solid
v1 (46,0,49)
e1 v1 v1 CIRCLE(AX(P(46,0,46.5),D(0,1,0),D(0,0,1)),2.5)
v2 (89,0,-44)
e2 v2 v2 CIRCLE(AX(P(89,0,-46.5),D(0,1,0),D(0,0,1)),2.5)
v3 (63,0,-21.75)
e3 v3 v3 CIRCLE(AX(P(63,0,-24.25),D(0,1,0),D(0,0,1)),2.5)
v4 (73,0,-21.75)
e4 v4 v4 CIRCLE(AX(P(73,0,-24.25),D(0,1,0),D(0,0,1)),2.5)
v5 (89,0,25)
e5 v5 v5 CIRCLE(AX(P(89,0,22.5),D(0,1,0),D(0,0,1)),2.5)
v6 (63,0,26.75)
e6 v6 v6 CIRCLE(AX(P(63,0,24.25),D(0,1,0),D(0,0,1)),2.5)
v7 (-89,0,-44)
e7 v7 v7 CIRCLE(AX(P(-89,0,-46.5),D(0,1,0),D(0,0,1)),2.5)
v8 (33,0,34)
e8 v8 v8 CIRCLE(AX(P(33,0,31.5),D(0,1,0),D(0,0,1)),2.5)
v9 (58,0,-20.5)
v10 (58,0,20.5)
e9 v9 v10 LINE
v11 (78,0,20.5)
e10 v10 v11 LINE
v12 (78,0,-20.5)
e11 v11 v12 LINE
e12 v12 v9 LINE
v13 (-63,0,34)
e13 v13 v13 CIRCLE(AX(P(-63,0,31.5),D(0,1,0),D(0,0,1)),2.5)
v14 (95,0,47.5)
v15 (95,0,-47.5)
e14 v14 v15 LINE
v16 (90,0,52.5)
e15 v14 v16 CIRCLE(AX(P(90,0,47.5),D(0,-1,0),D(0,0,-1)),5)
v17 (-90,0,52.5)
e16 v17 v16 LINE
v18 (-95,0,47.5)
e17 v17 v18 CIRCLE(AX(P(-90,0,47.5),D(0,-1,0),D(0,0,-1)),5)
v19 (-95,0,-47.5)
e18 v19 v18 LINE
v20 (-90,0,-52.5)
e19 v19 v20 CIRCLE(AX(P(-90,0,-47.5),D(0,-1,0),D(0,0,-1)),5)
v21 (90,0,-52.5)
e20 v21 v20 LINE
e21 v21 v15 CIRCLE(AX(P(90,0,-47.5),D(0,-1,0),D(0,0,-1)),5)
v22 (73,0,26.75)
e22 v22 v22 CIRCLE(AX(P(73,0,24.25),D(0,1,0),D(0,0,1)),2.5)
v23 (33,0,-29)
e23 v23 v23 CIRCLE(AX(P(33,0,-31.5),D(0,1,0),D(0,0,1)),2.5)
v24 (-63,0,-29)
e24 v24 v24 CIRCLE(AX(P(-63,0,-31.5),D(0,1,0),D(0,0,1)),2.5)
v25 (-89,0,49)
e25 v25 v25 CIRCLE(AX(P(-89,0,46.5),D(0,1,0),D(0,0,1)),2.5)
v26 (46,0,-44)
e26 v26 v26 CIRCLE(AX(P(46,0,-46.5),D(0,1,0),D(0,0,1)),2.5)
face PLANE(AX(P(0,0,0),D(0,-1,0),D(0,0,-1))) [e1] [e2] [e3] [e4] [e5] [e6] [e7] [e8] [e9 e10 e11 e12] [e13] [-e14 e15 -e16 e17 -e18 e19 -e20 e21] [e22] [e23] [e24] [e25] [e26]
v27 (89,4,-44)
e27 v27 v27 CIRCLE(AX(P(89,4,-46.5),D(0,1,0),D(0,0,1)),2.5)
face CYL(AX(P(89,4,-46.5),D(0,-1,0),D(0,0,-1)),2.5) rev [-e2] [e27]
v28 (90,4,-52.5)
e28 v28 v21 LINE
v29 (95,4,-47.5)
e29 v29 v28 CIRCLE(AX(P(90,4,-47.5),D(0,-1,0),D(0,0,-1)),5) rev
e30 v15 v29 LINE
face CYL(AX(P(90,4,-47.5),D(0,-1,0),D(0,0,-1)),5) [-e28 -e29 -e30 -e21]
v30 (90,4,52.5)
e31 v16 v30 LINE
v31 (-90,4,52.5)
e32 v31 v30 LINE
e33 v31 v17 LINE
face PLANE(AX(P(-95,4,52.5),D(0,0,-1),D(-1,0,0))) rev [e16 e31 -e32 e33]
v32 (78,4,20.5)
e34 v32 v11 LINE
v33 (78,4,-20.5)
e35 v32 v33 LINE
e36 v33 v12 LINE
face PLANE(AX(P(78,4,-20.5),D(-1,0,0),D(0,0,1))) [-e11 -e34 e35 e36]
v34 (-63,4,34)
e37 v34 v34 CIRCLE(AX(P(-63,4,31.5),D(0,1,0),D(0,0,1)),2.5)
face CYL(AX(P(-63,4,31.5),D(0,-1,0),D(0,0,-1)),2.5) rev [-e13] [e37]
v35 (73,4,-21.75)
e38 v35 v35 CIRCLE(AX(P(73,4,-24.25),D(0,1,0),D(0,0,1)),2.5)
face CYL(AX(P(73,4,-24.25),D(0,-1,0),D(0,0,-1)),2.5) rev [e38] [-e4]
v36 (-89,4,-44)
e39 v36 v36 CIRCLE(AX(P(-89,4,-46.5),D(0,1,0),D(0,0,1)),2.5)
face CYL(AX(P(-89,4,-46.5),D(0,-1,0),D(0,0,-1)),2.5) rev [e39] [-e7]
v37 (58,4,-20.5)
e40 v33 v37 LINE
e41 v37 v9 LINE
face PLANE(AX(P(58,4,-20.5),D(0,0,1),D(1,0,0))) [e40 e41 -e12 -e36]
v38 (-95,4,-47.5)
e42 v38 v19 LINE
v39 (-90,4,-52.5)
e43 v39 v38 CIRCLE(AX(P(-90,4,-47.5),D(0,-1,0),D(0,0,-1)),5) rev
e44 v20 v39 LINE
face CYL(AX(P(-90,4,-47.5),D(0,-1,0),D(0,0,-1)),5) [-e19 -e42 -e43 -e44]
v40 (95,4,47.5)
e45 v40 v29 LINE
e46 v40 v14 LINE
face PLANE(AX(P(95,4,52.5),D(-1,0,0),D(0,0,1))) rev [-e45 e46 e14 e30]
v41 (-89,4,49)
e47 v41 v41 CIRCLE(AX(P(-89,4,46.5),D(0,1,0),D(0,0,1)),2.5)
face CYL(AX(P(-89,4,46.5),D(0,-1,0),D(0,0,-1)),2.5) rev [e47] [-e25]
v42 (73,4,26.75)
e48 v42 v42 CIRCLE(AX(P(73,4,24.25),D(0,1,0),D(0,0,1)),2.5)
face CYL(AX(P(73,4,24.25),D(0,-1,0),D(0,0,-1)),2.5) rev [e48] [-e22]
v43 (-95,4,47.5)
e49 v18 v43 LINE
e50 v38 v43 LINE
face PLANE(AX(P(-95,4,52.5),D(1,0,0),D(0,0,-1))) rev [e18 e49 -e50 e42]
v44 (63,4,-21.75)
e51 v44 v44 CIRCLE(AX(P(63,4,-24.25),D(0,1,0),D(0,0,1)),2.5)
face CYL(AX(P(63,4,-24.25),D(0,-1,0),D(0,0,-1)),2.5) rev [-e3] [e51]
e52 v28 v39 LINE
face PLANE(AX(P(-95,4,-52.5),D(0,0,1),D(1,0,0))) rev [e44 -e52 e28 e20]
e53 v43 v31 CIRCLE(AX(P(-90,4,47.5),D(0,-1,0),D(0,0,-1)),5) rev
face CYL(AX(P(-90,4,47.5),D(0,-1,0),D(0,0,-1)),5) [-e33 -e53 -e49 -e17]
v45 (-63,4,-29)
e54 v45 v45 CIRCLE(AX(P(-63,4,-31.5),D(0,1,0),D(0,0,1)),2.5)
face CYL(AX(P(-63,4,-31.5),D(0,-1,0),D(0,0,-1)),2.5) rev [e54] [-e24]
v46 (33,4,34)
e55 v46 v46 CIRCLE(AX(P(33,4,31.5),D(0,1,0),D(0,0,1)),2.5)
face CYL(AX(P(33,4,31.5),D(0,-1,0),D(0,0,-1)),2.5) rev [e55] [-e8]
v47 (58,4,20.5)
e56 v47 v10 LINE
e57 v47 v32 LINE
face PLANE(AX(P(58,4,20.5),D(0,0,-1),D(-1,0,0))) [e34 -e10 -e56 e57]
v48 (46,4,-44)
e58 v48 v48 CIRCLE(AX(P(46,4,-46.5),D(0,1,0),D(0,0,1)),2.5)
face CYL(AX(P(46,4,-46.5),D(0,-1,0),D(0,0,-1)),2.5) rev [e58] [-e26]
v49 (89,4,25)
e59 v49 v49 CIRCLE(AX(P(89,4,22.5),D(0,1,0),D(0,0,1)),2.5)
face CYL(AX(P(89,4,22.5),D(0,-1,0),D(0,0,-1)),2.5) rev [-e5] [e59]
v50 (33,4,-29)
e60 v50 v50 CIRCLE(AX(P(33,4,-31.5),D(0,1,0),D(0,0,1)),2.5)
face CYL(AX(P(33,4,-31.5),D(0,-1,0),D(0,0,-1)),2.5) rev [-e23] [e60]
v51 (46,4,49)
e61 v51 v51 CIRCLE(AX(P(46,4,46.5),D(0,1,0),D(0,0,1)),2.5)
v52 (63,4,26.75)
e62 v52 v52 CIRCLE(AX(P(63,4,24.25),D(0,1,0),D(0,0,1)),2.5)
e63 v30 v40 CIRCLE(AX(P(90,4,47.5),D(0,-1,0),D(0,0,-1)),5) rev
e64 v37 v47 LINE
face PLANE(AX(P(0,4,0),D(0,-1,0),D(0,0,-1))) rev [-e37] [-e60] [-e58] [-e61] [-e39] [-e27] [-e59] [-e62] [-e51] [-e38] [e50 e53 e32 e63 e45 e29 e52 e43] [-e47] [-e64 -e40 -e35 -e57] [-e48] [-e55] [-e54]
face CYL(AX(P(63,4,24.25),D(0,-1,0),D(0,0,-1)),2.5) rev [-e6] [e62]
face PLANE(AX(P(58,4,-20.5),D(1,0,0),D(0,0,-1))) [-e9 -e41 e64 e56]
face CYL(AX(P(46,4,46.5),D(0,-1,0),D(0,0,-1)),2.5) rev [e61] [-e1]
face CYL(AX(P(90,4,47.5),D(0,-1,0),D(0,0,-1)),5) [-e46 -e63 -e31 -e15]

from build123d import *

# Parameters (mm, degrees)
SKETCH_1_W      = 190
SKETCH_1_H      = 105
SKETCH_1_R      = 2.5
SKETCH_1_W_2    = 20
SKETCH_1_H_2    = 41
EXTRUDE_1_DEPTH = 4
FILLET_1_R      = 5


with BuildPart() as part:
    # 草图1 → 凸台-拉伸1 (new body)
    with BuildSketch(Plane(origin=(0, 0, 0), x_dir=(1, 0, 0), z_dir=(0, 1, 0))):
        Rectangle(SKETCH_1_W, SKETCH_1_H)
        with Locations(Location((-89, 46.5, 0), (0, 0, 270))):
            Circle(SKETCH_1_R, mode=Mode.SUBTRACT)
        with Locations(Location((89, 46.5, 0), (0, 0, 270))):
            Circle(SKETCH_1_R, mode=Mode.SUBTRACT)
        with Locations(Location((-89, -46.5, 0), (0, 0, 270))):
            Circle(SKETCH_1_R, mode=Mode.SUBTRACT)
        with Locations(Location((-63, 31.5, 0), (0, 0, 270))):
            Circle(SKETCH_1_R, mode=Mode.SUBTRACT)
        with Locations(Location((33, 31.5, 0), (0, 0, 270))):
            Circle(SKETCH_1_R, mode=Mode.SUBTRACT)
        with Locations(Location((-63, -31.5, 0), (0, 0, 270))):
            Circle(SKETCH_1_R, mode=Mode.SUBTRACT)
        with Locations(Location((33, -31.5, 0), (0, 0, 270))):
            Circle(SKETCH_1_R, mode=Mode.SUBTRACT)
        with Locations(Location((63, 24.25, 0), (0, 0, 270))):
            Circle(SKETCH_1_R, mode=Mode.SUBTRACT)
        with Locations(Location((73, 24.25, 0), (0, 0, 270))):
            Circle(SKETCH_1_R, mode=Mode.SUBTRACT)
        with Locations(Location((63, -24.25, 0), (0, 0, 270))):
            Circle(SKETCH_1_R, mode=Mode.SUBTRACT)
        with Locations(Location((73, -24.25, 0), (0, 0, 270))):
            Circle(SKETCH_1_R, mode=Mode.SUBTRACT)
        with Locations(Location((46, -46.5, 0), (0, 0, 270))):
            Circle(SKETCH_1_R, mode=Mode.SUBTRACT)
        with Locations(Location((46, 46.5, 0), (0, 0, 270))):
            Circle(SKETCH_1_R, mode=Mode.SUBTRACT)
        with Locations(Location((89, -22.5, 0), (0, 0, 270))):
            Circle(SKETCH_1_R, mode=Mode.SUBTRACT)
        with Locations((68, 0)):
            Rectangle(SKETCH_1_W_2, SKETCH_1_H_2, mode=Mode.SUBTRACT)
    extrude(amount=EXTRUDE_1_DEPTH)

    # 圆角1
    fillet_1_edges = [part.edges().sort_by_distance(p)[0] for p in [
        (95, 2, 52.5),
        (-95, 2, 52.5),
        (-95, 2, -52.5),
        (95, 2, -52.5),
    ]]
    fillet(fillet_1_edges, radius=FILLET_1_R)


solid = part.part
